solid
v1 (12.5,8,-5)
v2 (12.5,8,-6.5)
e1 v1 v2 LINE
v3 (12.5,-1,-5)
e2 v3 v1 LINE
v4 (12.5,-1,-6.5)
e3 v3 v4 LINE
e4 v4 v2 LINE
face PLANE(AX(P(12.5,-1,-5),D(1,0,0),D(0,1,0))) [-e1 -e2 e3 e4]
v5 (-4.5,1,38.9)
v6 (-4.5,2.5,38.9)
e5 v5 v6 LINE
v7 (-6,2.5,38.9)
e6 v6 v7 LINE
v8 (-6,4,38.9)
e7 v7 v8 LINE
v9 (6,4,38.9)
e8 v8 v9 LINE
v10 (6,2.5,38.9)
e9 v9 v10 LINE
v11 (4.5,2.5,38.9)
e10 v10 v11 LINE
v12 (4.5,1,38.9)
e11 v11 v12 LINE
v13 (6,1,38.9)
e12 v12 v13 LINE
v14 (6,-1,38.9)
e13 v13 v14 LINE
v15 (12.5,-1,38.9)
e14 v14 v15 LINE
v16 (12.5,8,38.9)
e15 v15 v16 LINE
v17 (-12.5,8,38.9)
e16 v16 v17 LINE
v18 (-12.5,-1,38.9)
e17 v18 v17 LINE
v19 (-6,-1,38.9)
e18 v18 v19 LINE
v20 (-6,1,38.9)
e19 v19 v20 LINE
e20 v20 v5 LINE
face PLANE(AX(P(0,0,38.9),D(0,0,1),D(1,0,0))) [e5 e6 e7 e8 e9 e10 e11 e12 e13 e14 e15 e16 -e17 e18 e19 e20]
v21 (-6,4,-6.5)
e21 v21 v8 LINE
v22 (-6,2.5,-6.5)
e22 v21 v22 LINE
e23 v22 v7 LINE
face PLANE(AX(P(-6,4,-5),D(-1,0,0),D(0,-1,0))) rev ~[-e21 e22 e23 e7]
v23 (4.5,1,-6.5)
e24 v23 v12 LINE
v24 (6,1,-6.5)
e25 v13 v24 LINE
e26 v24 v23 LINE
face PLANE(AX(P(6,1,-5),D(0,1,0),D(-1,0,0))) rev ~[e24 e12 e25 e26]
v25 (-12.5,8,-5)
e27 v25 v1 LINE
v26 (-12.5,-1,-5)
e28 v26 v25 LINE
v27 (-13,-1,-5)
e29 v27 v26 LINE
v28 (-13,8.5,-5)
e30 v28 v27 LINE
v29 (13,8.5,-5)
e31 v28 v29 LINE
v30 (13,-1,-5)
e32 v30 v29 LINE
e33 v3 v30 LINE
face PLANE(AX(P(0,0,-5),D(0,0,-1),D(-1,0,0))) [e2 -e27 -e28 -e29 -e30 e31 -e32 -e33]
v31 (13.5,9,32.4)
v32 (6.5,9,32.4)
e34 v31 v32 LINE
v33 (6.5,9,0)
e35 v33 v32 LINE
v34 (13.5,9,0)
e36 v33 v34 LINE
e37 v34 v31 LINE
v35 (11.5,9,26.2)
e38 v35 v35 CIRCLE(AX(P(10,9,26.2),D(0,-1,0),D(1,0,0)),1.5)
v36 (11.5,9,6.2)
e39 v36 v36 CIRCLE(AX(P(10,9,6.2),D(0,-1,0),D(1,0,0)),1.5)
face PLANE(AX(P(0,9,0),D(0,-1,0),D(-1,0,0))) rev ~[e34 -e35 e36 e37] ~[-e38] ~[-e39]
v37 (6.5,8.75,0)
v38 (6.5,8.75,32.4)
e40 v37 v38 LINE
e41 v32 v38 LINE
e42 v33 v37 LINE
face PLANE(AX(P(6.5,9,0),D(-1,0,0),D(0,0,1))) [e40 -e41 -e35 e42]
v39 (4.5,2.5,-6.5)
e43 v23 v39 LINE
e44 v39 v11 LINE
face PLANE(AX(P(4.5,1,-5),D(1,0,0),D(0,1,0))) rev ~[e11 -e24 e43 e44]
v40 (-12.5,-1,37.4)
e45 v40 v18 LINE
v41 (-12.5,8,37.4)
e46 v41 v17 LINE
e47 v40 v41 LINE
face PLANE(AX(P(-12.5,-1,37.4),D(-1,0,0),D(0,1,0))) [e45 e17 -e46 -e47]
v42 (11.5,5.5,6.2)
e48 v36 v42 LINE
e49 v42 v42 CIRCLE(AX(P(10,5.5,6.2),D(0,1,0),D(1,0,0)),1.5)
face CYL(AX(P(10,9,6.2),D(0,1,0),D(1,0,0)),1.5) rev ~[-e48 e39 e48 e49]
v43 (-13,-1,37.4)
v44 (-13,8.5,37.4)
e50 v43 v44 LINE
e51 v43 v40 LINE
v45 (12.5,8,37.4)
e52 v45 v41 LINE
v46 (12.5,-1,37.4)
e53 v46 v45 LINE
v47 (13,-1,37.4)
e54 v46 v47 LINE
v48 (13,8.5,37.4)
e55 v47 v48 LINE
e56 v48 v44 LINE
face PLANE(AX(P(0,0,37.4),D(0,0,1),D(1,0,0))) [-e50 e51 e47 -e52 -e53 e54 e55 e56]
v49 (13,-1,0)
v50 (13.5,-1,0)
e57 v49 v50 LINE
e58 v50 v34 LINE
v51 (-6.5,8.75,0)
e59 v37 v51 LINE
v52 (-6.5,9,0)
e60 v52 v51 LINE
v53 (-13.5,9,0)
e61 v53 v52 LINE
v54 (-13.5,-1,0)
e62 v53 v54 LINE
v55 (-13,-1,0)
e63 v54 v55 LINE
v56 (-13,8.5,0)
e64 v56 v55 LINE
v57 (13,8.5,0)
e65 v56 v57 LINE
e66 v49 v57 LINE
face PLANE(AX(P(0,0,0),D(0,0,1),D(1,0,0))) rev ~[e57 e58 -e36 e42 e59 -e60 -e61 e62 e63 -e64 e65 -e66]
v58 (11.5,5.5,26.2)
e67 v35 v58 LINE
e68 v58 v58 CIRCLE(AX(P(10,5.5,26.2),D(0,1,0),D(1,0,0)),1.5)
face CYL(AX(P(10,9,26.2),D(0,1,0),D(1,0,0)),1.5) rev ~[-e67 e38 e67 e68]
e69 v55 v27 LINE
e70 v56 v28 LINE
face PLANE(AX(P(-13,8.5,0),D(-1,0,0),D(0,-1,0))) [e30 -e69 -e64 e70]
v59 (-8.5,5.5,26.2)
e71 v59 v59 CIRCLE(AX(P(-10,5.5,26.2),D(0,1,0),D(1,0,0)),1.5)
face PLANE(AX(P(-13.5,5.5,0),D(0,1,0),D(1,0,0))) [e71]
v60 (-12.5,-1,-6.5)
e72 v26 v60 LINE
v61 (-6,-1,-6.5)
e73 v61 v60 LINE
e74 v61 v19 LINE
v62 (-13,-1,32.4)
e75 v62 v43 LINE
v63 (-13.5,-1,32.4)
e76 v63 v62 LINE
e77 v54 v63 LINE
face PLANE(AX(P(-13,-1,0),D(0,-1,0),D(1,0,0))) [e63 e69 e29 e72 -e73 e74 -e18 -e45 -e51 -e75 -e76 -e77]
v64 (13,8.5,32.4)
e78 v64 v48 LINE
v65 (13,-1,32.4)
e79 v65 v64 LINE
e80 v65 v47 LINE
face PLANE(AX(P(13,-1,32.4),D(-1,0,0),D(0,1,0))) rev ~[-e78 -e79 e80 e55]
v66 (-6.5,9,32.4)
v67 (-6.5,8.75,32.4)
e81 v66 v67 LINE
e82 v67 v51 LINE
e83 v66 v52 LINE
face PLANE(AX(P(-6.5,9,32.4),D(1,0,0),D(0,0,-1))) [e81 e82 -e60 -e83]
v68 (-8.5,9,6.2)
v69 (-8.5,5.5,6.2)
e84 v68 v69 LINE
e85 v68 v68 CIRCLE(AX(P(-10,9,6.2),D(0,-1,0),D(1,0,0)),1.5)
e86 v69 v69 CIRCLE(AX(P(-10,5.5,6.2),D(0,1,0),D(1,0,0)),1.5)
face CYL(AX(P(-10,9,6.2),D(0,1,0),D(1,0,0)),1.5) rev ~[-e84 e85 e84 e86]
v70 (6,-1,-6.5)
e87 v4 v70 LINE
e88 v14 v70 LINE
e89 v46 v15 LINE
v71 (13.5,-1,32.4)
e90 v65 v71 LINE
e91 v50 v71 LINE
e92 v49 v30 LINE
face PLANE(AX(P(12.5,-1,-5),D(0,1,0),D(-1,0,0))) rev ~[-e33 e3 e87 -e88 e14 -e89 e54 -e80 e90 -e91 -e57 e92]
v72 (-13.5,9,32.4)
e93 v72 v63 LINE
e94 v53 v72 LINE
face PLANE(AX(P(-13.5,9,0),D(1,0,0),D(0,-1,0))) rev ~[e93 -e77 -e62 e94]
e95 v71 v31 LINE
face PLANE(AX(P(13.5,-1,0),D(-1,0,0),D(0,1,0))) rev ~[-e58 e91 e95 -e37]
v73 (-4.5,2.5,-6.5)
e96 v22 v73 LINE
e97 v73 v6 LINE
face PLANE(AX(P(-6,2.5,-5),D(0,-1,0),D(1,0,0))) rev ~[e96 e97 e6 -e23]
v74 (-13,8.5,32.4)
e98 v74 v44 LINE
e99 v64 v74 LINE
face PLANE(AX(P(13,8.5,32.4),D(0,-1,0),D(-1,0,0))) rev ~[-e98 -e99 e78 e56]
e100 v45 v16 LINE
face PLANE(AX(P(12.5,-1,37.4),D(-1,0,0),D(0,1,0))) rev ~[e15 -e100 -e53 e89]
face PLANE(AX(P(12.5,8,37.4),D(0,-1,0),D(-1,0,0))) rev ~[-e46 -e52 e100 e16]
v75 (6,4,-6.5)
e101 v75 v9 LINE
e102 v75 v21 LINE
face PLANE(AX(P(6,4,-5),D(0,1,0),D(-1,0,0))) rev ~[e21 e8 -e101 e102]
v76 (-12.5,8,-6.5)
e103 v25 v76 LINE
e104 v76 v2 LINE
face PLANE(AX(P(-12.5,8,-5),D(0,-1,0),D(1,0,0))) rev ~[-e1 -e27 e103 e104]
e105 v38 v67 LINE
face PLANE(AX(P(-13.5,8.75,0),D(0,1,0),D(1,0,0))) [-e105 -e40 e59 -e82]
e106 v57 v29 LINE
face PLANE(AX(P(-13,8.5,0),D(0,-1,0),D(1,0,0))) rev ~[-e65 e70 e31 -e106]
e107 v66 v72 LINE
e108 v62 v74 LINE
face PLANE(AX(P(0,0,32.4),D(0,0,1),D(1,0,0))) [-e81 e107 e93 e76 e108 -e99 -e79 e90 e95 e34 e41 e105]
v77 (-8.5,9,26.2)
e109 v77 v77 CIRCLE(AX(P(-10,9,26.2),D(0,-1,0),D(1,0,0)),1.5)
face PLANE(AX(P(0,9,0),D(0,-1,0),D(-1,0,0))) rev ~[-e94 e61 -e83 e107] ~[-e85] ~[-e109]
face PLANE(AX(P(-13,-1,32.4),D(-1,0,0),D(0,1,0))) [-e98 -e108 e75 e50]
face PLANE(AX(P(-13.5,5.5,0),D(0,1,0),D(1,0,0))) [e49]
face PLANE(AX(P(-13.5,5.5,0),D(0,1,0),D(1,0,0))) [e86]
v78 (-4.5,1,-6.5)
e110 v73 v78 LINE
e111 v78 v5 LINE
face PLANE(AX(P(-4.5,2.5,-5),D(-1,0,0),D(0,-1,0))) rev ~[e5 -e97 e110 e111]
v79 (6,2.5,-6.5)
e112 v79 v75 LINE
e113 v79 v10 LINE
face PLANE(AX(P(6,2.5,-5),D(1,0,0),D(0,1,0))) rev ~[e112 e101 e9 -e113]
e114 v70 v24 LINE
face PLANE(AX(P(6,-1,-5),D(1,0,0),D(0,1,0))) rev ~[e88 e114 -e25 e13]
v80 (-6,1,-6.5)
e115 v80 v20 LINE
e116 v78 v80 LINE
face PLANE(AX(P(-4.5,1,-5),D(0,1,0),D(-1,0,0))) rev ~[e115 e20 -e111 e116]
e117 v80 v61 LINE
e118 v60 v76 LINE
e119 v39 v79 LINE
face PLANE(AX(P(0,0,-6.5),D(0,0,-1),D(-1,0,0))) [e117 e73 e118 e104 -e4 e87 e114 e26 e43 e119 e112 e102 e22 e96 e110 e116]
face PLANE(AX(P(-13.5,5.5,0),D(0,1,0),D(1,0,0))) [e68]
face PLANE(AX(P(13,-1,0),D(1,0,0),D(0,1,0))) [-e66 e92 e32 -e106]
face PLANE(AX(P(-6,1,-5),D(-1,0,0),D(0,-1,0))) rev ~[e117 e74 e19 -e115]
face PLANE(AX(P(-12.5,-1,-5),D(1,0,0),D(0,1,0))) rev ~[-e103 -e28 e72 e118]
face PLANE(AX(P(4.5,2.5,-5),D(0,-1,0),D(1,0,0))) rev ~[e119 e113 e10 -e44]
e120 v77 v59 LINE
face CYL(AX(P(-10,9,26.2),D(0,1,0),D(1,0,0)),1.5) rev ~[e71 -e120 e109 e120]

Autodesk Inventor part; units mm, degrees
ref_plane "YZ Plane" through (0, 0, 0) normal (1, 0, 0) x (0, 1, 0)
ref_plane "XZ Plane" through (0, 0, 0) normal (0, 1, 0) x (-1, 0, 0)
ref_plane "XY Plane" through (0, 0, 0) normal (0, 0, 1) x (1, 0, 0)
sketch "Szkic1" plane through (0, 0, 0) normal (0, 0, 1) x (1, 0, 0)
  line L0 (6, 4) -> (-6, 4)
  line L1 (-6, 4) -> (-6, 2.5)
  line L2 (-6, 2.5) -> (-4.5, 2.5)
  line L3 (-4.5, 2.5) -> (-4.5, 1)
  line L4 (-4.5, 1) -> (-6, 1)
  line L5 (-6, 4) -> (-6, 2.5)
  line L6 (-6, 1) -> (-6, -1)
  line L7 (6, 4) -> (6, 2.5)
  line L8 (6, 2.5) -> (4.5, 2.5)
  line L9 (4.5, 2.5) -> (4.5, 1)
  line L10 (4.5, 1) -> (6, 1)
  line L11 (6, -1) -> (6, 1)
  line L12 (6, 2.5) -> (6, 4)
  line L13 (0, 9) -> (-13.5, 9)
  line L14 (0, 9) -> (13.5, 9)
  line L15 (-13.5, 9) -> (-13.5, -1)
  line L16 (13.5, -1) -> (13.5, 9)
  line L17 (-13.5, -1) -> (-6, -1)
  line L18 (6, -1) -> (13.5, -1)
  point P0 (0, 0)
  point P1 (0, 0)
extrude "Wyciągnięcie proste1" add sketch "Szkic1" along normal blind 32.4
sketch "Szkic2" plane through (-13.5, 9, 0) normal (0, 1, 0) x (1, 0, 0)
  line L0 (27, 0) -> (0, 0) projected
  line L1 (0, 0) -> (0, -32.4) projected
  line L2 (27, -32.4) -> (0, -32.4) projected
  line L3 (27, 0) -> (27, -32.4) projected
  line L4 (0, 0) -> (0, -32.4) projected
  line L5 (27, -32.4) -> (0, 0)
  line L6 (0, -32.4) -> (27, 0)
  line L7 (13.5, -6.2) -> (5, -6.2)
  line L8 (3.5, -7.7) -> (3.5, -24.7)
  line L9 (5, -26.2) -> (22, -26.2)
  line L10 (23.5, -24.7) -> (23.5, -7.7)
  line L11 (22, -6.2) -> (13.5, -6.2)
  circle A0 centre (3.5, -26.2) radius 1.5
  circle A1 centre (3.5, -6.2) radius 1.5
  circle A2 centre (23.5, -26.2) radius 1.5
  circle A3 centre (23.5, -6.2) radius 1.5
  point P0 (13.5, 0)
  dimension "d12" = 3
  dimension "d13" = 3
  dimension "d14" = 3
  dimension "d15" = 3
extrude "Wyciągnięcie proste2" cut sketch "Szkic2" against normal blind 3.5 contours A3 L6 | L6 A3 | A1 L5 | L5 A1 | A2 L5 | L5 A2 | A0 L6 | L6 A0
thread "Gwint1" size "M3x0.5" class "6H" standard "ANSI Metric M Profile" full length
thread "Gwint2" size "M3x0.5" class "6H" standard "ANSI Metric M Profile" full length
thread "Gwint3" size "M3x0.5" class "6H" standard "ANSI Metric M Profile" full length
thread "Gwint4" size "M3x0.5" class "6H" standard "ANSI Metric M Profile" full length
sketch "Szkic3" plane through (0, 0, 32.4) normal (0, 0, 1) x (1, 0, 0)
  line L0 (6, 4) -> (6, 2.5) projected
  line L1 (6, 2.5) -> (4.5, 2.5) projected
  line L2 (4.5, 2.5) -> (4.5, 1) projected
  line L3 (4.5, 1) -> (6, 1) projected
  line L4 (6, 1) -> (6, -1) projected
  line L5 (6, -1) -> (13.5, -1) projected
  line L6 (13.5, -1) -> (13.5, 9) projected
  line L7 (13.5, 9) -> (-13.5, 9) projected
  line L8 (-13.5, 9) -> (-13.5, -1) projected
  line L9 (-13.5, -1) -> (-6, -1) projected
  line L10 (-6, -1) -> (-6, 1) projected
  line L11 (-6, 1) -> (-4.5, 1) projected
  line L12 (-4.5, 1) -> (-4.5, 2.5) projected
  line L13 (-4.5, 2.5) -> (-6, 2.5) projected
  line L14 (-6, 2.5) -> (-6, 4) projected
  line L15 (-6, 4) -> (6, 4) projected
  line L16 (-13.5, -1) -> (-13, -1)
  line L17 (-13.5, -1) -> (-6, -1) projected
  line L18 (-13, -1) -> (-13, 8.5)
  line L19 (13.5, -1) -> (13, -1)
  line L20 (6, -1) -> (13.5, -1) projected
  line L21 (13, -1) -> (13, 8.5)
  line L22 (13, 8.5) -> (-13, 8.5)
  point P0 (0, 0)
  dimension "d26" = 0.5
  dimension "d27" = 0.5
extrude "Wyciągnięcie proste3" add sketch "Szkic3" along normal blind 5 contours L15 L14 L13 L12 L11 L10 L9 L18 L22 L21 L5 L4 L3 L2 L1 L0
sketch "Szkic4" plane through (0, 0, 37.4) normal (0, 0, 1) x (1, 0, 0)
  line L0 (6, 4) -> (6, 2.5) projected
  line L1 (6, 2.5) -> (4.5, 2.5) projected
  line L2 (4.5, 2.5) -> (4.5, 1) projected
  line L3 (4.5, 1) -> (6, 1) projected
  line L4 (6, 1) -> (6, -1) projected
  line L5 (6, -1) -> (13, -1) projected
  line L6 (13, -1) -> (13, 8.5) projected
  line L7 (13, 8.5) -> (-13, 8.5) projected
  line L8 (-13, 8.5) -> (-13, -1) projected
  line L9 (-13, -1) -> (-6, -1) projected
  line L10 (-6, -1) -> (-6, 1) projected
  line L11 (-6, 1) -> (-4.5, 1) projected
  line L12 (-4.5, 1) -> (-4.5, 2.5) projected
  line L13 (-4.5, 2.5) -> (-6, 2.5) projected
  line L14 (-6, 2.5) -> (-6, 4) projected
  line L15 (-6, 4) -> (6, 4) projected
  line L16 (-13, -1) -> (-12.5, -1)
  line L17 (-13.5, -1) -> (-6, -1) projected
  line L18 (-12.5, -1) -> (-12.5, 8)
  line L19 (13, -1) -> (12.5, -1)
  line L20 (6, -1) -> (13.5, -1) projected
  line L21 (12.5, -1) -> (12.5, 8)
  line L22 (12.5, 8) -> (-12.5, 8)
  point P0 (0, 0)
extrude "Wyciągnięcie proste4" add sketch "Szkic4" along normal blind 1.5 contours L15 L14 L13 L12 L11 L10 L9 L18 L22 L21 L5 L4 L3 L2 L1 L0
sketch "Szkic5" plane through (0, 0, 0) normal (0, 0, -1) x (-1, 0, 0)
  line L0 (-6, -1) -> (-13, -1)
  line L1 (-6, 4) -> (-6, 2.5)
  line L2 (6, 4) -> (-6, 4)
  line L3 (6, 2.5) -> (6, 4)
  line L4 (4.5, 2.5) -> (6, 2.5)
  line L5 (4.5, 1) -> (4.5, 2.5)
  line L6 (6, 1) -> (4.5, 1)
  line L7 (6, -1) -> (6, 1)
  line L8 (-6, -1) -> (-13, -1)
  line L9 (-6, 1) -> (-6, -1)
  line L10 (-4.5, 1) -> (-6, 1)
  line L11 (-4.5, 2.5) -> (-4.5, 1)
  line L12 (-6, 2.5) -> (-4.5, 2.5)
  line L13 (13.5, -1) -> (6, -1) projected
  line L14 (6, -1) -> (13, -1)
  line L15 (-6, 4) -> (-6, 2.5) projected
  line L16 (6, 4) -> (-6, 4) projected
  line L17 (6, 2.5) -> (6, 4) projected
  line L18 (4.5, 2.5) -> (6, 2.5) projected
  line L19 (4.5, 1) -> (4.5, 2.5) projected
  line L20 (6, 1) -> (4.5, 1) projected
  line L21 (6, -1) -> (6, 1) projected
  line L22 (13.5, -1) -> (6, -1) projected
  line L23 (13.5, 9) -> (13.5, -1) projected
  line L24 (-13.5, 9) -> (13.5, 9) projected
  line L25 (-13.5, -1) -> (-13.5, 9) projected
  line L26 (-6, -1) -> (-13.5, -1) projected
  line L27 (-6, 1) -> (-6, -1) projected
  line L28 (-4.5, 1) -> (-6, 1) projected
  line L29 (-4.5, 2.5) -> (-4.5, 1) projected
  line L30 (-6, 2.5) -> (-4.5, 2.5) projected
  line L31 (-13.5, -1) -> (-13.5, 9) projected
  line L32 (-13.5, 9) -> (-13, 9)
  line L33 (-13, -1) -> (-13, 8.5) projected
  line L34 (-13, 9) -> (-13, -1)
  line L35 (13.5, 9) -> (13, 9)
  line L36 (-13.5, 9) -> (13.5, 9) projected
  line L37 (13, 9) -> (13, -1)
  line L38 (-13, 9) -> (-13, 8.5)
  line L39 (13, 8.5) -> (-13, 8.5) projected
  line L40 (-13, 8.5) -> (13, 8.5)
  point P0 (0, 0)
  dimension "d45" = 0.5
  dimension "d46" = 0.5
  dimension "d47" = 0.5
  dimension "d49" = 26
extrude "Wyciągnięcie proste5" add sketch "Szkic5" along normal blind 5 contours L0 L33 L39 L37 L13 L7 L6 L5 L4 L3 L2 L1 L12 L11 L10 L9
sketch "Szkic7" plane through (0, 0, -5) normal (0, 0, -1) x (-1, 0, 0)
  line L0 (-13, -1) -> (-6, -1)
  line L1 (-6, -1) -> (-6, 1)
  line L2 (-6, 1) -> (-4.5, 1)
  line L3 (-4.5, 1) -> (-4.5, 2.5)
  line L4 (-4.5, 2.5) -> (-6, 2.5)
  line L5 (-6, 2.5) -> (-6, 4)
  line L6 (-6, 4) -> (6, 4)
  line L7 (6, 4) -> (6, 2.5)
  line L8 (6, 2.5) -> (4.5, 2.5)
  line L9 (4.5, 2.5) -> (4.5, 1)
  line L10 (4.5, 1) -> (6, 1)
  line L11 (6, 1) -> (6, -1)
  line L12 (6, -1) -> (13, -1)
  line L13 (-6, -1) -> (-12.5, -1)
  line L14 (-13, -1) -> (-12.5, -1)
  line L15 (-12.5, -1) -> (-12.5, 8)
  line L16 (13, -1) -> (12.5, -1)
  line L17 (6, -1) -> (13, -1)
  line L18 (12.5, -1) -> (12.5, 8)
  line L19 (12.5, 8) -> (12.5, -1)
  line L20 (-12.5, -1) -> (-12.5, 8)
  line L21 (12.5, 8) -> (-12.5, 8)
  point P0 (0, 0)
  dimension "d53" = 25
  dimension "d54" = 9
  dimension "d55" = 9
extrude "Wyciągnięcie proste6" add sketch "Szkic7" along normal blind 1.5
sketch "Szkic8" plane through (-13.5, 9, 0) normal (0, 1, 0) x (1, 0, 0)
  circle A0 centre (23.5, -6.2) radius 1.5 projected
  circle A1 centre (23.5, -26.2) radius 1.5 projected
  circle A2 centre (3.5, -6.2) radius 1.5 projected
  circle A3 centre (3.5, -26.2) radius 1.5 projected
  line L0 (27, 0) -> (0, 0) projected
  line L1 (0, 0) -> (0, -32.4) projected
  line L2 (27, -32.4) -> (0, -32.4) projected
  line L3 (27, 0) -> (27, -32.4) projected
  line L4 (27, 0) -> (27, -32.4) projected
  line L5 (27, 0) -> (20, 0)
  line L6 (20, 0) -> (20, -32.4)
  line L7 (0, -32.4) -> (7, -32.4)
  line L8 (27, -32.4) -> (0, -32.4) projected
  line L9 (7, -32.4) -> (7, 0)
  point P0 (13.5, 0)
  dimension "d58" = 7
  dimension "d59" = 7
extrude "Wyciągnięcie proste7" cut sketch "Szkic8" against normal blind 0.25 contours L6 L2 L9 L0
properties part number "Wózek MGN12H"
